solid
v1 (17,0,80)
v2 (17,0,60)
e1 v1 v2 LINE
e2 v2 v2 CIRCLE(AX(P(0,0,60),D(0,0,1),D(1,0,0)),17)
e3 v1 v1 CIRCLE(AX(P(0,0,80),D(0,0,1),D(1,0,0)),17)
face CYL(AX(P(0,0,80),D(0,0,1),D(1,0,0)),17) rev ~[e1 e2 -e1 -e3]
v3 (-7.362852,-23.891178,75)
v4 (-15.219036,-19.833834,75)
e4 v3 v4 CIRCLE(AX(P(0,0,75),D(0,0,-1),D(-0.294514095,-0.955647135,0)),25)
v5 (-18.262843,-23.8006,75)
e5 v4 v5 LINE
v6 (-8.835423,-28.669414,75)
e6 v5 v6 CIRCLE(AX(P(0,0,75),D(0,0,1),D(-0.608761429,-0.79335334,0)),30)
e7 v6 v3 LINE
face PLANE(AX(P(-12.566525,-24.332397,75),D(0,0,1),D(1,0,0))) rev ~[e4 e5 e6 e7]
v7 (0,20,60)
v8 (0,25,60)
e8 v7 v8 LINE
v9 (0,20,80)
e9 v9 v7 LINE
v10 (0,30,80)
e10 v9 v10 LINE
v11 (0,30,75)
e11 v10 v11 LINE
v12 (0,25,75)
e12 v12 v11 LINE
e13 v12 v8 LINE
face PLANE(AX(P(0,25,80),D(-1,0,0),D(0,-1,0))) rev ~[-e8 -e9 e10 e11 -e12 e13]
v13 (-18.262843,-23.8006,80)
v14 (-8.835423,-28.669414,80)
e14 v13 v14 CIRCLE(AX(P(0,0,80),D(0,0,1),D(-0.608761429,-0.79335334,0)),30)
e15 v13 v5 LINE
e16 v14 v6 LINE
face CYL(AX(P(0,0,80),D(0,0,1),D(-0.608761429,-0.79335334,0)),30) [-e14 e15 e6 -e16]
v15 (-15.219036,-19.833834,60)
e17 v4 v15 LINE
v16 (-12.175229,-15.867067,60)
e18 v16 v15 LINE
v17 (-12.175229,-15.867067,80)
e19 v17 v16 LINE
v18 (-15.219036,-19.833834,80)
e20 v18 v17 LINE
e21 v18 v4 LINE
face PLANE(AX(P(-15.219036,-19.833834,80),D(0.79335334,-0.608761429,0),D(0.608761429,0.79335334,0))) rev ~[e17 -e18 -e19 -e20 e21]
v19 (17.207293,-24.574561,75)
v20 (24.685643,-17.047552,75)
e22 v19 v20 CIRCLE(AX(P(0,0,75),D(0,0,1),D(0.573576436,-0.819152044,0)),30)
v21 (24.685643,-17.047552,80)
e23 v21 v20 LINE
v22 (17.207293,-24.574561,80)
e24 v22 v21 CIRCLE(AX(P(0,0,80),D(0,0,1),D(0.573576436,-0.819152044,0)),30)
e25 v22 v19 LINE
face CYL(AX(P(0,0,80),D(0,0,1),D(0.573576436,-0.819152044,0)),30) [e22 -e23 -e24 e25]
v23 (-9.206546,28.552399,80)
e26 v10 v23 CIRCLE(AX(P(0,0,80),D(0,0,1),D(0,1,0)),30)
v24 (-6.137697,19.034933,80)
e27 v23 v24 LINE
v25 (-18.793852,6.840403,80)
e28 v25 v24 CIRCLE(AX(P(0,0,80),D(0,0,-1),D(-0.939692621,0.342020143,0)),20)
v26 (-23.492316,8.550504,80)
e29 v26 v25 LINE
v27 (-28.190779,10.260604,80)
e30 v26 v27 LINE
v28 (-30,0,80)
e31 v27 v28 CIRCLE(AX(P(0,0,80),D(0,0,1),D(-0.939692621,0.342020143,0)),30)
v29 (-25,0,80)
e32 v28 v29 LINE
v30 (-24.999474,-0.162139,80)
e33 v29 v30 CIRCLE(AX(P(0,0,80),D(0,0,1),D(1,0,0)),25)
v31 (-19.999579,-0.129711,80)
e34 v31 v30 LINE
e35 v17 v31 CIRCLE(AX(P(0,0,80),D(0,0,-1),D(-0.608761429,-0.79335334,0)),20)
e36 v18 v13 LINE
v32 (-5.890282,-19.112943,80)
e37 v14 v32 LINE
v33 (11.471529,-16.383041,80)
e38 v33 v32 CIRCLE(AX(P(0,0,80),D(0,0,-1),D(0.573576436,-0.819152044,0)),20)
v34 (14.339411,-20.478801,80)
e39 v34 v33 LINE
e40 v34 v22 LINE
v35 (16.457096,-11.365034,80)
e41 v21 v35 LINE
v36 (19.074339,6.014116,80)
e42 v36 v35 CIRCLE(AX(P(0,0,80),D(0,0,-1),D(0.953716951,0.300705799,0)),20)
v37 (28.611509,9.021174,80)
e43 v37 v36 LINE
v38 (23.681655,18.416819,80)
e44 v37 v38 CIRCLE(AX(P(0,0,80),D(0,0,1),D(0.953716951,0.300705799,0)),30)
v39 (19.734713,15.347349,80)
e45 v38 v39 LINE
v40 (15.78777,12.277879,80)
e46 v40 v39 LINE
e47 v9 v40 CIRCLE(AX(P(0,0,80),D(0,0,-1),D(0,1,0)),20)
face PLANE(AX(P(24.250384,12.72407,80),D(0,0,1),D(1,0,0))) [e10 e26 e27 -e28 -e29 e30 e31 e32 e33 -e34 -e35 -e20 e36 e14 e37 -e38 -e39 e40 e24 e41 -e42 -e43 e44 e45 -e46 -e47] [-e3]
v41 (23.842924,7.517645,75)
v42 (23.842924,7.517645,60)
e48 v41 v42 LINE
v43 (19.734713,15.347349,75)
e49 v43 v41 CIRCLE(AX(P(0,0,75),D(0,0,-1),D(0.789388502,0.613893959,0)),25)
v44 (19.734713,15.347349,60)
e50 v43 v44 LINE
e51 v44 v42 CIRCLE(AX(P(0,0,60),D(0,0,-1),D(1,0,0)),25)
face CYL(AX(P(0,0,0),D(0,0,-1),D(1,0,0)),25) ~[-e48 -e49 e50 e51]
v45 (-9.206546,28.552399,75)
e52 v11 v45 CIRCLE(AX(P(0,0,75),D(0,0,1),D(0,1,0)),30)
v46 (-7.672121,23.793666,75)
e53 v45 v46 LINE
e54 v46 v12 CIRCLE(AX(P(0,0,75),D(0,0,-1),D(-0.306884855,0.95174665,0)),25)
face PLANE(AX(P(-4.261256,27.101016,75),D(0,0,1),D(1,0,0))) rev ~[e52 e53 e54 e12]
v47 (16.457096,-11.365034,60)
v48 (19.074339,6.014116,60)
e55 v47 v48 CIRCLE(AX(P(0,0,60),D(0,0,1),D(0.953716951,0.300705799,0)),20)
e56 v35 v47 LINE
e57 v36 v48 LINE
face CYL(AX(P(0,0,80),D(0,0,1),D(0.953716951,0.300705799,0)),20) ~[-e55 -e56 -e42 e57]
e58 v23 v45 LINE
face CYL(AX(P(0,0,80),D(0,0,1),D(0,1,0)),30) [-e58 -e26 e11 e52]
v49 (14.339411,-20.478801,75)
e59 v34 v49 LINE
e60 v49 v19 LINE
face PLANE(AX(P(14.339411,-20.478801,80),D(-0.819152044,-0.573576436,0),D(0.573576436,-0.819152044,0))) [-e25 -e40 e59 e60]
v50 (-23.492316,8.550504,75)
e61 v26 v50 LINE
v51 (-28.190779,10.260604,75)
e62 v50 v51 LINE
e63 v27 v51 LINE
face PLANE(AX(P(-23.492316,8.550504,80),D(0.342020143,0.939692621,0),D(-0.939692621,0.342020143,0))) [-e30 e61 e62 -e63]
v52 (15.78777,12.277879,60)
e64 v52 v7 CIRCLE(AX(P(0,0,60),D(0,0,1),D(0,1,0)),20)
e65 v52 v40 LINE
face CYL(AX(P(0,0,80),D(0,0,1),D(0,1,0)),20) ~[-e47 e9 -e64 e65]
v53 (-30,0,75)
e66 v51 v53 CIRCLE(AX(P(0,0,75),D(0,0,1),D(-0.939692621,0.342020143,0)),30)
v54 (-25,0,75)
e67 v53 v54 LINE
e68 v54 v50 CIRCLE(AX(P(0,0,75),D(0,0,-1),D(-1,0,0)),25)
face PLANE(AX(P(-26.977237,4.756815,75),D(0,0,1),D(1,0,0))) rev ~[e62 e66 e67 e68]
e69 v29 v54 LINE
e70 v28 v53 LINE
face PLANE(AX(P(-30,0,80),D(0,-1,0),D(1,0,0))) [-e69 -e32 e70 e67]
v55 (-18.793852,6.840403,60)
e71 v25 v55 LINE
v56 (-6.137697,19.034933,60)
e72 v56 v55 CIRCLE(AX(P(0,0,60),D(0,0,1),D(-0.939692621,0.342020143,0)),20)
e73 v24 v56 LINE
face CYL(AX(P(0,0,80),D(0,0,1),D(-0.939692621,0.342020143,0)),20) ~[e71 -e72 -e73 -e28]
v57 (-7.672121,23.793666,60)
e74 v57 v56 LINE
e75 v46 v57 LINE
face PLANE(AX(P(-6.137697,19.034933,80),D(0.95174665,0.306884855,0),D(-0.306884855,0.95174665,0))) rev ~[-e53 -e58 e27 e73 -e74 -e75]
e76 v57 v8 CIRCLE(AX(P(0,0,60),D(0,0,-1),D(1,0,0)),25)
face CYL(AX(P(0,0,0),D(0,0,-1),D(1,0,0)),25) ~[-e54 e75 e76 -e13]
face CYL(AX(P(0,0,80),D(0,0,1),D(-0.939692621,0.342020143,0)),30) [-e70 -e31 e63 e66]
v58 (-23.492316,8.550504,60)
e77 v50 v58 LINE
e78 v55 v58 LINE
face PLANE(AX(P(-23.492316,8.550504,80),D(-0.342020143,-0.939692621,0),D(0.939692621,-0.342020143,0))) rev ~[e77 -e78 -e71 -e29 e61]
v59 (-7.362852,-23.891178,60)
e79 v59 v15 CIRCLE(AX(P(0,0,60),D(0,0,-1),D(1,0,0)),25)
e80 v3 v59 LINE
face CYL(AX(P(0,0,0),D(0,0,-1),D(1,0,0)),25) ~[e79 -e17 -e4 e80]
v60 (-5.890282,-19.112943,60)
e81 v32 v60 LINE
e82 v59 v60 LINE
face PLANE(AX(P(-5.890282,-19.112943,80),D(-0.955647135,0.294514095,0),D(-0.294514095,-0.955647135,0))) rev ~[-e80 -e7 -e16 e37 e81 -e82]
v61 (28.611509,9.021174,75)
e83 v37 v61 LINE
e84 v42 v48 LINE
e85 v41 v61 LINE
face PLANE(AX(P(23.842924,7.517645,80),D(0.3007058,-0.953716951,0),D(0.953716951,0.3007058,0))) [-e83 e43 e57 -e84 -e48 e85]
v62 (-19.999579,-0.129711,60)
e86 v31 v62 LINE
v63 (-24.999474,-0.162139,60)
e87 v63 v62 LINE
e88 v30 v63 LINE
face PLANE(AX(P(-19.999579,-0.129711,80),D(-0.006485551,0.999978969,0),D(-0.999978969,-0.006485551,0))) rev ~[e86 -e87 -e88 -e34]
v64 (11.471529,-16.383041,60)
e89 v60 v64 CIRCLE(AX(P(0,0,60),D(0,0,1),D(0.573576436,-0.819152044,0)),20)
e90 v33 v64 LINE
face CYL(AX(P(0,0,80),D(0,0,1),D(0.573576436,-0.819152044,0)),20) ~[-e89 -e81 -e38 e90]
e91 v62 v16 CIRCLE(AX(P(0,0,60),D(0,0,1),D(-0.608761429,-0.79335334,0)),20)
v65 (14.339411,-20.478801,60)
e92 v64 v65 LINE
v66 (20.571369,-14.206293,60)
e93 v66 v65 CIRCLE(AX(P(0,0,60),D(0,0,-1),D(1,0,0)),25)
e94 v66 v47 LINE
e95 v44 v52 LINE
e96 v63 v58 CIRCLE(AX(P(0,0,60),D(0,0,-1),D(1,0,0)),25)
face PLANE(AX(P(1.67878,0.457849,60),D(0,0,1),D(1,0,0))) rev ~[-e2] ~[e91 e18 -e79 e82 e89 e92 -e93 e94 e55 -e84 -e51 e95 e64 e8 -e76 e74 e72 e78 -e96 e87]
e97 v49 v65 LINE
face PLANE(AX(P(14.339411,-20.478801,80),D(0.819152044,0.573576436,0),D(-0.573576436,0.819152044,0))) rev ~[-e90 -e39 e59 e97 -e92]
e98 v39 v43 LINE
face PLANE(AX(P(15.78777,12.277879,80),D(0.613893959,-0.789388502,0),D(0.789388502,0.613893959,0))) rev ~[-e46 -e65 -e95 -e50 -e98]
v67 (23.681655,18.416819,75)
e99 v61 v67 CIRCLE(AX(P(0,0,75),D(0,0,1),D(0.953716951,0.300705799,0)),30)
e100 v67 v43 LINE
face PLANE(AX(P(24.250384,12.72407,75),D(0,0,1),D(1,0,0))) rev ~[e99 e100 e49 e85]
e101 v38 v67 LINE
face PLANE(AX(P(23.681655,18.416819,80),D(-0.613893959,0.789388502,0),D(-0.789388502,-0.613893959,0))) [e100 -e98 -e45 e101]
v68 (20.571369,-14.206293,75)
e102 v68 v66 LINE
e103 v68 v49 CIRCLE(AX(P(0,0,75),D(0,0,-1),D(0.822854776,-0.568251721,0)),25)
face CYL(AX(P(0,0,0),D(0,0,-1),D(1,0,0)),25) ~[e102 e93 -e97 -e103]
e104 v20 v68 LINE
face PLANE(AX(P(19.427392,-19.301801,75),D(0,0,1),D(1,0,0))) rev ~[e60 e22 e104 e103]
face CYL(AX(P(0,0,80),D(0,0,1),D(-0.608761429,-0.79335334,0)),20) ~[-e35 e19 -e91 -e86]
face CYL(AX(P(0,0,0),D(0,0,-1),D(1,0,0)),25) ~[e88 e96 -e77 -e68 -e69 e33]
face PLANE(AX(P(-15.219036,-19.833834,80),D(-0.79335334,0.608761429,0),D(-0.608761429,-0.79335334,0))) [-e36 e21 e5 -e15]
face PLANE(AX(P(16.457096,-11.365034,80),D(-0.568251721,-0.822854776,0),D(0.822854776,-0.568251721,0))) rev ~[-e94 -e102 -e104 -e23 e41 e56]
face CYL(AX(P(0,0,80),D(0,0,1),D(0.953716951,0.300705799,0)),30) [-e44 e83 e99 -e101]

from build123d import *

# Parameters (mm, degrees)
F0_R     = 25
F0_R_2   = 15
F1_DEPTH = 80
F3_DEPTH = 80.001
F5_DEPTH = 5
F6_W     = 105.9157028794
F6_H     = 79.6656981111
F7_DEPTH = 60
F8_R     = 17
F9_DEPTH = 20.001


with BuildPart() as f1:
    # F0 (on Top) → F1 (new body)
    with BuildSketch(Plane.XY):
        Circle(F0_R)
        Circle(F0_R_2, mode=Mode.SUBTRACT)
    extrude(amount=F1_DEPTH)

    # F2 (on face) → F3 (cut, through all)
    with BuildSketch(Plane.XY.offset(80)):
        with BuildLine():
            Line((0, 25), (0, 20))
            ThreePointArc((0, 20), (8.7875598508, 17.9660455267), (15.7877700348, 12.2778791869))
            Line((15.7877700348, 12.2778791869), (19.7347125435, 15.3473489836))
            ThreePointArc((19.7347125435, 15.3473489836), (10.9844498135, 22.4575569084), (0, 25))
        make_face()
        with BuildLine():
            Line((-6.1376971007, 19.0349329996), (-7.6721213759, 23.7936662495))
            ThreePointArc((-7.6721213759, 23.7936662495), (-17.3462974082, 18.0029432657), (-23.4923155196, 8.5505035831))
            Line((-23.4923155196, 8.5505035831), (-18.7938524157, 6.8404028665))
            ThreePointArc((-18.7938524157, 6.8404028665), (-13.8770379265, 14.4023546125), (-6.1376971007, 19.0349329996))
        make_face()
        with BuildLine():
            Line((-19.9995793719, -0.1297110174), (-24.9994742148, -0.1621387717))
            ThreePointArc((-24.9994742148, -0.1621387717), (-22.3858443864, -11.1298684228), (-15.2190357252, -19.8338335073))
            Line((-15.2190357252, -19.8338335073), (-12.1752285802, -15.8670668058))
            ThreePointArc((-12.1752285802, -15.8670668058), (-17.9086755091, -8.9038947382), (-19.9995793719, -0.1297110174))
        make_face()
        with BuildLine():
            ThreePointArc((-7.362852386, -23.8911783875), (3.8831909406, -24.6965752306), (14.3394109088, -20.4788011072))
            Line((14.3394109088, -20.4788011072), (11.471528727, -16.3830408858))
            ThreePointArc((11.471528727, -16.3830408858), (3.1065527525, -19.7572601845), (-5.8902819088, -19.11294271))
            Line((-5.8902819088, -19.11294271), (-7.362852386, -23.8911783875))
        make_face()
        with BuildLine():
            ThreePointArc((25, 0), (24.7090377617, 3.8030846547), (23.8429237687, 7.5176449876))
            Line((23.8429237687, 7.5176449876), (19.074339015, 6.0141159901))
            ThreePointArc((19.074339015, 6.0141159901), (19.7769923674, -2.9783507013), (16.4570955105, -11.3650344196))
            Line((16.4570955105, -11.3650344196), (20.5713693881, -14.2062930245))
            ThreePointArc((20.5713693881, -14.2062930245), (23.8671765685, -7.4402878068), (25, 0))
        make_face()
    extrude(amount=-F3_DEPTH, mode=Mode.SUBTRACT)

    # F4 (on face) → F5 (join)
    with BuildSketch(Plane.XY.offset(80)):
        with BuildLine():
            ThreePointArc((19.7347125435, 15.3473489836), (22.1377203615, 11.6155644372), (23.8429237687, 7.5176449876))
            Line((23.8429237687, 7.5176449876), (28.6115085224, 9.0211739851))
            ThreePointArc((28.6115085224, 9.0211739851), (26.5652644339, 13.9386773246), (23.6816550522, 18.4168187804))
            Line((23.6816550522, 18.4168187804), (19.7347125435, 15.3473489836))
        make_face()
        with BuildLine():
            ThreePointArc((-7.6721213759, 23.7936662495), (-3.8831909406, 24.6965752306), (0, 25))
            Line((0, 25), (0, 30))
            ThreePointArc((0, 30), (-4.6598291287, 29.6358902767), (-9.2065456511, 28.5523994994))
            Line((-9.2065456511, 28.5523994994), (-7.6721213759, 23.7936662495))
        make_face()
        with BuildLine():
            ThreePointArc((-25, 0), (-24.6201938253, 4.3412044417), (-23.4923155196, 8.5505035831))
            Line((-23.4923155196, 8.5505035831), (-28.1907786236, 10.2606042998))
            ThreePointArc((-28.1907786236, 10.2606042998), (-29.5442325904, 5.20944533), (-30, 0))
            Line((-30, 0), (-25, 0))
        make_face()
        with BuildLine():
            Line((-8.8354228632, -28.669414065), (-7.362852386, -23.8911783875))
            ThreePointArc((-7.362852386, -23.8911783875), (-11.471744834, -22.2125881082), (-15.2190357252, -19.8338335073))
            Line((-15.2190357252, -19.8338335073), (-18.2628428703, -23.8006002087))
            ThreePointArc((-18.2628428703, -23.8006002087), (-13.7660938008, -26.6551057298), (-8.8354228632, -28.669414065))
        make_face()
        with BuildLine():
            Line((24.6856432657, -17.0475516294), (20.5713693881, -14.2062930245))
            ThreePointArc((20.5713693881, -14.2062930245), (17.7349015968, -17.620251569), (14.3394109088, -20.4788011072))
            Line((14.3394109088, -20.4788011072), (17.2072930905, -24.5745613287))
            ThreePointArc((17.2072930905, -24.5745613287), (21.2818819161, -21.1443018827), (24.6856432657, -17.0475516294))
        make_face()
        with BuildLine():
            Line((-4.6032728256, 14.2761997497), (-6.1376971007, 19.0349329996))
            ThreePointArc((-6.1376971007, 19.0349329996), (-13.8770379265, 14.4023546125), (-18.7938524157, 6.8404028665))
            Line((-18.7938524157, 6.8404028665), (-14.0953893118, 5.1303021499))
            ThreePointArc((-14.0953893118, 5.1303021499), (-10.4077784449, 10.8017659594), (-4.6032728256, 14.2761997497))
        make_face()
        with BuildLine():
            Line((11.8408275261, 9.2084093902), (15.7877700348, 12.2778791869))
            ThreePointArc((15.7877700348, 12.2778791869), (8.7875598508, 17.9660455267), (0, 20))
            Line((0, 20), (0, 15))
            ThreePointArc((0, 15), (6.5906698881, 13.4745341451), (11.8408275261, 9.2084093902))
        make_face()
        with BuildLine():
            ThreePointArc((16.4570955105, -11.3650344196), (19.7769923674, -2.9783507013), (19.074339015, 6.0141159901))
            Line((19.074339015, 6.0141159901), (14.3057542612, 4.5105869926))
            ThreePointArc((14.3057542612, 4.5105869926), (14.825422657, 2.2818507928), (15, 0))
            ThreePointArc((15, 0), (14.3203059411, -4.4641726841), (12.3428216329, -8.5237758147))
            Line((12.3428216329, -8.5237758147), (16.4570955105, -11.3650344196))
        make_face()
        with BuildLine():
            ThreePointArc((-5.8902819088, -19.11294271), (3.1065527525, -19.7572601845), (11.471528727, -16.3830408858))
            Line((11.471528727, -16.3830408858), (8.6036465453, -12.2872806643))
            ThreePointArc((8.6036465453, -12.2872806643), (2.3299145644, -14.8179451383), (-4.4177114316, -14.3347070325))
            Line((-4.4177114316, -14.3347070325), (-5.8902819088, -19.11294271))
        make_face()
    extrude(amount=-F5_DEPTH)

    # F6 (on Top) → F7 (cut)
    with BuildSketch(Plane.XY):
        with Locations((1.6787797213, 0.4578493536)):
            Rectangle(F6_W, F6_H)
    extrude(amount=F7_DEPTH, mode=Mode.SUBTRACT)

    # F8 (on face) → F9 (cut, through all)
    with BuildSketch(Plane.XY.offset(80)):
        Circle(F8_R)
    extrude(amount=-F9_DEPTH, mode=Mode.SUBTRACT)


solid = f1.part
